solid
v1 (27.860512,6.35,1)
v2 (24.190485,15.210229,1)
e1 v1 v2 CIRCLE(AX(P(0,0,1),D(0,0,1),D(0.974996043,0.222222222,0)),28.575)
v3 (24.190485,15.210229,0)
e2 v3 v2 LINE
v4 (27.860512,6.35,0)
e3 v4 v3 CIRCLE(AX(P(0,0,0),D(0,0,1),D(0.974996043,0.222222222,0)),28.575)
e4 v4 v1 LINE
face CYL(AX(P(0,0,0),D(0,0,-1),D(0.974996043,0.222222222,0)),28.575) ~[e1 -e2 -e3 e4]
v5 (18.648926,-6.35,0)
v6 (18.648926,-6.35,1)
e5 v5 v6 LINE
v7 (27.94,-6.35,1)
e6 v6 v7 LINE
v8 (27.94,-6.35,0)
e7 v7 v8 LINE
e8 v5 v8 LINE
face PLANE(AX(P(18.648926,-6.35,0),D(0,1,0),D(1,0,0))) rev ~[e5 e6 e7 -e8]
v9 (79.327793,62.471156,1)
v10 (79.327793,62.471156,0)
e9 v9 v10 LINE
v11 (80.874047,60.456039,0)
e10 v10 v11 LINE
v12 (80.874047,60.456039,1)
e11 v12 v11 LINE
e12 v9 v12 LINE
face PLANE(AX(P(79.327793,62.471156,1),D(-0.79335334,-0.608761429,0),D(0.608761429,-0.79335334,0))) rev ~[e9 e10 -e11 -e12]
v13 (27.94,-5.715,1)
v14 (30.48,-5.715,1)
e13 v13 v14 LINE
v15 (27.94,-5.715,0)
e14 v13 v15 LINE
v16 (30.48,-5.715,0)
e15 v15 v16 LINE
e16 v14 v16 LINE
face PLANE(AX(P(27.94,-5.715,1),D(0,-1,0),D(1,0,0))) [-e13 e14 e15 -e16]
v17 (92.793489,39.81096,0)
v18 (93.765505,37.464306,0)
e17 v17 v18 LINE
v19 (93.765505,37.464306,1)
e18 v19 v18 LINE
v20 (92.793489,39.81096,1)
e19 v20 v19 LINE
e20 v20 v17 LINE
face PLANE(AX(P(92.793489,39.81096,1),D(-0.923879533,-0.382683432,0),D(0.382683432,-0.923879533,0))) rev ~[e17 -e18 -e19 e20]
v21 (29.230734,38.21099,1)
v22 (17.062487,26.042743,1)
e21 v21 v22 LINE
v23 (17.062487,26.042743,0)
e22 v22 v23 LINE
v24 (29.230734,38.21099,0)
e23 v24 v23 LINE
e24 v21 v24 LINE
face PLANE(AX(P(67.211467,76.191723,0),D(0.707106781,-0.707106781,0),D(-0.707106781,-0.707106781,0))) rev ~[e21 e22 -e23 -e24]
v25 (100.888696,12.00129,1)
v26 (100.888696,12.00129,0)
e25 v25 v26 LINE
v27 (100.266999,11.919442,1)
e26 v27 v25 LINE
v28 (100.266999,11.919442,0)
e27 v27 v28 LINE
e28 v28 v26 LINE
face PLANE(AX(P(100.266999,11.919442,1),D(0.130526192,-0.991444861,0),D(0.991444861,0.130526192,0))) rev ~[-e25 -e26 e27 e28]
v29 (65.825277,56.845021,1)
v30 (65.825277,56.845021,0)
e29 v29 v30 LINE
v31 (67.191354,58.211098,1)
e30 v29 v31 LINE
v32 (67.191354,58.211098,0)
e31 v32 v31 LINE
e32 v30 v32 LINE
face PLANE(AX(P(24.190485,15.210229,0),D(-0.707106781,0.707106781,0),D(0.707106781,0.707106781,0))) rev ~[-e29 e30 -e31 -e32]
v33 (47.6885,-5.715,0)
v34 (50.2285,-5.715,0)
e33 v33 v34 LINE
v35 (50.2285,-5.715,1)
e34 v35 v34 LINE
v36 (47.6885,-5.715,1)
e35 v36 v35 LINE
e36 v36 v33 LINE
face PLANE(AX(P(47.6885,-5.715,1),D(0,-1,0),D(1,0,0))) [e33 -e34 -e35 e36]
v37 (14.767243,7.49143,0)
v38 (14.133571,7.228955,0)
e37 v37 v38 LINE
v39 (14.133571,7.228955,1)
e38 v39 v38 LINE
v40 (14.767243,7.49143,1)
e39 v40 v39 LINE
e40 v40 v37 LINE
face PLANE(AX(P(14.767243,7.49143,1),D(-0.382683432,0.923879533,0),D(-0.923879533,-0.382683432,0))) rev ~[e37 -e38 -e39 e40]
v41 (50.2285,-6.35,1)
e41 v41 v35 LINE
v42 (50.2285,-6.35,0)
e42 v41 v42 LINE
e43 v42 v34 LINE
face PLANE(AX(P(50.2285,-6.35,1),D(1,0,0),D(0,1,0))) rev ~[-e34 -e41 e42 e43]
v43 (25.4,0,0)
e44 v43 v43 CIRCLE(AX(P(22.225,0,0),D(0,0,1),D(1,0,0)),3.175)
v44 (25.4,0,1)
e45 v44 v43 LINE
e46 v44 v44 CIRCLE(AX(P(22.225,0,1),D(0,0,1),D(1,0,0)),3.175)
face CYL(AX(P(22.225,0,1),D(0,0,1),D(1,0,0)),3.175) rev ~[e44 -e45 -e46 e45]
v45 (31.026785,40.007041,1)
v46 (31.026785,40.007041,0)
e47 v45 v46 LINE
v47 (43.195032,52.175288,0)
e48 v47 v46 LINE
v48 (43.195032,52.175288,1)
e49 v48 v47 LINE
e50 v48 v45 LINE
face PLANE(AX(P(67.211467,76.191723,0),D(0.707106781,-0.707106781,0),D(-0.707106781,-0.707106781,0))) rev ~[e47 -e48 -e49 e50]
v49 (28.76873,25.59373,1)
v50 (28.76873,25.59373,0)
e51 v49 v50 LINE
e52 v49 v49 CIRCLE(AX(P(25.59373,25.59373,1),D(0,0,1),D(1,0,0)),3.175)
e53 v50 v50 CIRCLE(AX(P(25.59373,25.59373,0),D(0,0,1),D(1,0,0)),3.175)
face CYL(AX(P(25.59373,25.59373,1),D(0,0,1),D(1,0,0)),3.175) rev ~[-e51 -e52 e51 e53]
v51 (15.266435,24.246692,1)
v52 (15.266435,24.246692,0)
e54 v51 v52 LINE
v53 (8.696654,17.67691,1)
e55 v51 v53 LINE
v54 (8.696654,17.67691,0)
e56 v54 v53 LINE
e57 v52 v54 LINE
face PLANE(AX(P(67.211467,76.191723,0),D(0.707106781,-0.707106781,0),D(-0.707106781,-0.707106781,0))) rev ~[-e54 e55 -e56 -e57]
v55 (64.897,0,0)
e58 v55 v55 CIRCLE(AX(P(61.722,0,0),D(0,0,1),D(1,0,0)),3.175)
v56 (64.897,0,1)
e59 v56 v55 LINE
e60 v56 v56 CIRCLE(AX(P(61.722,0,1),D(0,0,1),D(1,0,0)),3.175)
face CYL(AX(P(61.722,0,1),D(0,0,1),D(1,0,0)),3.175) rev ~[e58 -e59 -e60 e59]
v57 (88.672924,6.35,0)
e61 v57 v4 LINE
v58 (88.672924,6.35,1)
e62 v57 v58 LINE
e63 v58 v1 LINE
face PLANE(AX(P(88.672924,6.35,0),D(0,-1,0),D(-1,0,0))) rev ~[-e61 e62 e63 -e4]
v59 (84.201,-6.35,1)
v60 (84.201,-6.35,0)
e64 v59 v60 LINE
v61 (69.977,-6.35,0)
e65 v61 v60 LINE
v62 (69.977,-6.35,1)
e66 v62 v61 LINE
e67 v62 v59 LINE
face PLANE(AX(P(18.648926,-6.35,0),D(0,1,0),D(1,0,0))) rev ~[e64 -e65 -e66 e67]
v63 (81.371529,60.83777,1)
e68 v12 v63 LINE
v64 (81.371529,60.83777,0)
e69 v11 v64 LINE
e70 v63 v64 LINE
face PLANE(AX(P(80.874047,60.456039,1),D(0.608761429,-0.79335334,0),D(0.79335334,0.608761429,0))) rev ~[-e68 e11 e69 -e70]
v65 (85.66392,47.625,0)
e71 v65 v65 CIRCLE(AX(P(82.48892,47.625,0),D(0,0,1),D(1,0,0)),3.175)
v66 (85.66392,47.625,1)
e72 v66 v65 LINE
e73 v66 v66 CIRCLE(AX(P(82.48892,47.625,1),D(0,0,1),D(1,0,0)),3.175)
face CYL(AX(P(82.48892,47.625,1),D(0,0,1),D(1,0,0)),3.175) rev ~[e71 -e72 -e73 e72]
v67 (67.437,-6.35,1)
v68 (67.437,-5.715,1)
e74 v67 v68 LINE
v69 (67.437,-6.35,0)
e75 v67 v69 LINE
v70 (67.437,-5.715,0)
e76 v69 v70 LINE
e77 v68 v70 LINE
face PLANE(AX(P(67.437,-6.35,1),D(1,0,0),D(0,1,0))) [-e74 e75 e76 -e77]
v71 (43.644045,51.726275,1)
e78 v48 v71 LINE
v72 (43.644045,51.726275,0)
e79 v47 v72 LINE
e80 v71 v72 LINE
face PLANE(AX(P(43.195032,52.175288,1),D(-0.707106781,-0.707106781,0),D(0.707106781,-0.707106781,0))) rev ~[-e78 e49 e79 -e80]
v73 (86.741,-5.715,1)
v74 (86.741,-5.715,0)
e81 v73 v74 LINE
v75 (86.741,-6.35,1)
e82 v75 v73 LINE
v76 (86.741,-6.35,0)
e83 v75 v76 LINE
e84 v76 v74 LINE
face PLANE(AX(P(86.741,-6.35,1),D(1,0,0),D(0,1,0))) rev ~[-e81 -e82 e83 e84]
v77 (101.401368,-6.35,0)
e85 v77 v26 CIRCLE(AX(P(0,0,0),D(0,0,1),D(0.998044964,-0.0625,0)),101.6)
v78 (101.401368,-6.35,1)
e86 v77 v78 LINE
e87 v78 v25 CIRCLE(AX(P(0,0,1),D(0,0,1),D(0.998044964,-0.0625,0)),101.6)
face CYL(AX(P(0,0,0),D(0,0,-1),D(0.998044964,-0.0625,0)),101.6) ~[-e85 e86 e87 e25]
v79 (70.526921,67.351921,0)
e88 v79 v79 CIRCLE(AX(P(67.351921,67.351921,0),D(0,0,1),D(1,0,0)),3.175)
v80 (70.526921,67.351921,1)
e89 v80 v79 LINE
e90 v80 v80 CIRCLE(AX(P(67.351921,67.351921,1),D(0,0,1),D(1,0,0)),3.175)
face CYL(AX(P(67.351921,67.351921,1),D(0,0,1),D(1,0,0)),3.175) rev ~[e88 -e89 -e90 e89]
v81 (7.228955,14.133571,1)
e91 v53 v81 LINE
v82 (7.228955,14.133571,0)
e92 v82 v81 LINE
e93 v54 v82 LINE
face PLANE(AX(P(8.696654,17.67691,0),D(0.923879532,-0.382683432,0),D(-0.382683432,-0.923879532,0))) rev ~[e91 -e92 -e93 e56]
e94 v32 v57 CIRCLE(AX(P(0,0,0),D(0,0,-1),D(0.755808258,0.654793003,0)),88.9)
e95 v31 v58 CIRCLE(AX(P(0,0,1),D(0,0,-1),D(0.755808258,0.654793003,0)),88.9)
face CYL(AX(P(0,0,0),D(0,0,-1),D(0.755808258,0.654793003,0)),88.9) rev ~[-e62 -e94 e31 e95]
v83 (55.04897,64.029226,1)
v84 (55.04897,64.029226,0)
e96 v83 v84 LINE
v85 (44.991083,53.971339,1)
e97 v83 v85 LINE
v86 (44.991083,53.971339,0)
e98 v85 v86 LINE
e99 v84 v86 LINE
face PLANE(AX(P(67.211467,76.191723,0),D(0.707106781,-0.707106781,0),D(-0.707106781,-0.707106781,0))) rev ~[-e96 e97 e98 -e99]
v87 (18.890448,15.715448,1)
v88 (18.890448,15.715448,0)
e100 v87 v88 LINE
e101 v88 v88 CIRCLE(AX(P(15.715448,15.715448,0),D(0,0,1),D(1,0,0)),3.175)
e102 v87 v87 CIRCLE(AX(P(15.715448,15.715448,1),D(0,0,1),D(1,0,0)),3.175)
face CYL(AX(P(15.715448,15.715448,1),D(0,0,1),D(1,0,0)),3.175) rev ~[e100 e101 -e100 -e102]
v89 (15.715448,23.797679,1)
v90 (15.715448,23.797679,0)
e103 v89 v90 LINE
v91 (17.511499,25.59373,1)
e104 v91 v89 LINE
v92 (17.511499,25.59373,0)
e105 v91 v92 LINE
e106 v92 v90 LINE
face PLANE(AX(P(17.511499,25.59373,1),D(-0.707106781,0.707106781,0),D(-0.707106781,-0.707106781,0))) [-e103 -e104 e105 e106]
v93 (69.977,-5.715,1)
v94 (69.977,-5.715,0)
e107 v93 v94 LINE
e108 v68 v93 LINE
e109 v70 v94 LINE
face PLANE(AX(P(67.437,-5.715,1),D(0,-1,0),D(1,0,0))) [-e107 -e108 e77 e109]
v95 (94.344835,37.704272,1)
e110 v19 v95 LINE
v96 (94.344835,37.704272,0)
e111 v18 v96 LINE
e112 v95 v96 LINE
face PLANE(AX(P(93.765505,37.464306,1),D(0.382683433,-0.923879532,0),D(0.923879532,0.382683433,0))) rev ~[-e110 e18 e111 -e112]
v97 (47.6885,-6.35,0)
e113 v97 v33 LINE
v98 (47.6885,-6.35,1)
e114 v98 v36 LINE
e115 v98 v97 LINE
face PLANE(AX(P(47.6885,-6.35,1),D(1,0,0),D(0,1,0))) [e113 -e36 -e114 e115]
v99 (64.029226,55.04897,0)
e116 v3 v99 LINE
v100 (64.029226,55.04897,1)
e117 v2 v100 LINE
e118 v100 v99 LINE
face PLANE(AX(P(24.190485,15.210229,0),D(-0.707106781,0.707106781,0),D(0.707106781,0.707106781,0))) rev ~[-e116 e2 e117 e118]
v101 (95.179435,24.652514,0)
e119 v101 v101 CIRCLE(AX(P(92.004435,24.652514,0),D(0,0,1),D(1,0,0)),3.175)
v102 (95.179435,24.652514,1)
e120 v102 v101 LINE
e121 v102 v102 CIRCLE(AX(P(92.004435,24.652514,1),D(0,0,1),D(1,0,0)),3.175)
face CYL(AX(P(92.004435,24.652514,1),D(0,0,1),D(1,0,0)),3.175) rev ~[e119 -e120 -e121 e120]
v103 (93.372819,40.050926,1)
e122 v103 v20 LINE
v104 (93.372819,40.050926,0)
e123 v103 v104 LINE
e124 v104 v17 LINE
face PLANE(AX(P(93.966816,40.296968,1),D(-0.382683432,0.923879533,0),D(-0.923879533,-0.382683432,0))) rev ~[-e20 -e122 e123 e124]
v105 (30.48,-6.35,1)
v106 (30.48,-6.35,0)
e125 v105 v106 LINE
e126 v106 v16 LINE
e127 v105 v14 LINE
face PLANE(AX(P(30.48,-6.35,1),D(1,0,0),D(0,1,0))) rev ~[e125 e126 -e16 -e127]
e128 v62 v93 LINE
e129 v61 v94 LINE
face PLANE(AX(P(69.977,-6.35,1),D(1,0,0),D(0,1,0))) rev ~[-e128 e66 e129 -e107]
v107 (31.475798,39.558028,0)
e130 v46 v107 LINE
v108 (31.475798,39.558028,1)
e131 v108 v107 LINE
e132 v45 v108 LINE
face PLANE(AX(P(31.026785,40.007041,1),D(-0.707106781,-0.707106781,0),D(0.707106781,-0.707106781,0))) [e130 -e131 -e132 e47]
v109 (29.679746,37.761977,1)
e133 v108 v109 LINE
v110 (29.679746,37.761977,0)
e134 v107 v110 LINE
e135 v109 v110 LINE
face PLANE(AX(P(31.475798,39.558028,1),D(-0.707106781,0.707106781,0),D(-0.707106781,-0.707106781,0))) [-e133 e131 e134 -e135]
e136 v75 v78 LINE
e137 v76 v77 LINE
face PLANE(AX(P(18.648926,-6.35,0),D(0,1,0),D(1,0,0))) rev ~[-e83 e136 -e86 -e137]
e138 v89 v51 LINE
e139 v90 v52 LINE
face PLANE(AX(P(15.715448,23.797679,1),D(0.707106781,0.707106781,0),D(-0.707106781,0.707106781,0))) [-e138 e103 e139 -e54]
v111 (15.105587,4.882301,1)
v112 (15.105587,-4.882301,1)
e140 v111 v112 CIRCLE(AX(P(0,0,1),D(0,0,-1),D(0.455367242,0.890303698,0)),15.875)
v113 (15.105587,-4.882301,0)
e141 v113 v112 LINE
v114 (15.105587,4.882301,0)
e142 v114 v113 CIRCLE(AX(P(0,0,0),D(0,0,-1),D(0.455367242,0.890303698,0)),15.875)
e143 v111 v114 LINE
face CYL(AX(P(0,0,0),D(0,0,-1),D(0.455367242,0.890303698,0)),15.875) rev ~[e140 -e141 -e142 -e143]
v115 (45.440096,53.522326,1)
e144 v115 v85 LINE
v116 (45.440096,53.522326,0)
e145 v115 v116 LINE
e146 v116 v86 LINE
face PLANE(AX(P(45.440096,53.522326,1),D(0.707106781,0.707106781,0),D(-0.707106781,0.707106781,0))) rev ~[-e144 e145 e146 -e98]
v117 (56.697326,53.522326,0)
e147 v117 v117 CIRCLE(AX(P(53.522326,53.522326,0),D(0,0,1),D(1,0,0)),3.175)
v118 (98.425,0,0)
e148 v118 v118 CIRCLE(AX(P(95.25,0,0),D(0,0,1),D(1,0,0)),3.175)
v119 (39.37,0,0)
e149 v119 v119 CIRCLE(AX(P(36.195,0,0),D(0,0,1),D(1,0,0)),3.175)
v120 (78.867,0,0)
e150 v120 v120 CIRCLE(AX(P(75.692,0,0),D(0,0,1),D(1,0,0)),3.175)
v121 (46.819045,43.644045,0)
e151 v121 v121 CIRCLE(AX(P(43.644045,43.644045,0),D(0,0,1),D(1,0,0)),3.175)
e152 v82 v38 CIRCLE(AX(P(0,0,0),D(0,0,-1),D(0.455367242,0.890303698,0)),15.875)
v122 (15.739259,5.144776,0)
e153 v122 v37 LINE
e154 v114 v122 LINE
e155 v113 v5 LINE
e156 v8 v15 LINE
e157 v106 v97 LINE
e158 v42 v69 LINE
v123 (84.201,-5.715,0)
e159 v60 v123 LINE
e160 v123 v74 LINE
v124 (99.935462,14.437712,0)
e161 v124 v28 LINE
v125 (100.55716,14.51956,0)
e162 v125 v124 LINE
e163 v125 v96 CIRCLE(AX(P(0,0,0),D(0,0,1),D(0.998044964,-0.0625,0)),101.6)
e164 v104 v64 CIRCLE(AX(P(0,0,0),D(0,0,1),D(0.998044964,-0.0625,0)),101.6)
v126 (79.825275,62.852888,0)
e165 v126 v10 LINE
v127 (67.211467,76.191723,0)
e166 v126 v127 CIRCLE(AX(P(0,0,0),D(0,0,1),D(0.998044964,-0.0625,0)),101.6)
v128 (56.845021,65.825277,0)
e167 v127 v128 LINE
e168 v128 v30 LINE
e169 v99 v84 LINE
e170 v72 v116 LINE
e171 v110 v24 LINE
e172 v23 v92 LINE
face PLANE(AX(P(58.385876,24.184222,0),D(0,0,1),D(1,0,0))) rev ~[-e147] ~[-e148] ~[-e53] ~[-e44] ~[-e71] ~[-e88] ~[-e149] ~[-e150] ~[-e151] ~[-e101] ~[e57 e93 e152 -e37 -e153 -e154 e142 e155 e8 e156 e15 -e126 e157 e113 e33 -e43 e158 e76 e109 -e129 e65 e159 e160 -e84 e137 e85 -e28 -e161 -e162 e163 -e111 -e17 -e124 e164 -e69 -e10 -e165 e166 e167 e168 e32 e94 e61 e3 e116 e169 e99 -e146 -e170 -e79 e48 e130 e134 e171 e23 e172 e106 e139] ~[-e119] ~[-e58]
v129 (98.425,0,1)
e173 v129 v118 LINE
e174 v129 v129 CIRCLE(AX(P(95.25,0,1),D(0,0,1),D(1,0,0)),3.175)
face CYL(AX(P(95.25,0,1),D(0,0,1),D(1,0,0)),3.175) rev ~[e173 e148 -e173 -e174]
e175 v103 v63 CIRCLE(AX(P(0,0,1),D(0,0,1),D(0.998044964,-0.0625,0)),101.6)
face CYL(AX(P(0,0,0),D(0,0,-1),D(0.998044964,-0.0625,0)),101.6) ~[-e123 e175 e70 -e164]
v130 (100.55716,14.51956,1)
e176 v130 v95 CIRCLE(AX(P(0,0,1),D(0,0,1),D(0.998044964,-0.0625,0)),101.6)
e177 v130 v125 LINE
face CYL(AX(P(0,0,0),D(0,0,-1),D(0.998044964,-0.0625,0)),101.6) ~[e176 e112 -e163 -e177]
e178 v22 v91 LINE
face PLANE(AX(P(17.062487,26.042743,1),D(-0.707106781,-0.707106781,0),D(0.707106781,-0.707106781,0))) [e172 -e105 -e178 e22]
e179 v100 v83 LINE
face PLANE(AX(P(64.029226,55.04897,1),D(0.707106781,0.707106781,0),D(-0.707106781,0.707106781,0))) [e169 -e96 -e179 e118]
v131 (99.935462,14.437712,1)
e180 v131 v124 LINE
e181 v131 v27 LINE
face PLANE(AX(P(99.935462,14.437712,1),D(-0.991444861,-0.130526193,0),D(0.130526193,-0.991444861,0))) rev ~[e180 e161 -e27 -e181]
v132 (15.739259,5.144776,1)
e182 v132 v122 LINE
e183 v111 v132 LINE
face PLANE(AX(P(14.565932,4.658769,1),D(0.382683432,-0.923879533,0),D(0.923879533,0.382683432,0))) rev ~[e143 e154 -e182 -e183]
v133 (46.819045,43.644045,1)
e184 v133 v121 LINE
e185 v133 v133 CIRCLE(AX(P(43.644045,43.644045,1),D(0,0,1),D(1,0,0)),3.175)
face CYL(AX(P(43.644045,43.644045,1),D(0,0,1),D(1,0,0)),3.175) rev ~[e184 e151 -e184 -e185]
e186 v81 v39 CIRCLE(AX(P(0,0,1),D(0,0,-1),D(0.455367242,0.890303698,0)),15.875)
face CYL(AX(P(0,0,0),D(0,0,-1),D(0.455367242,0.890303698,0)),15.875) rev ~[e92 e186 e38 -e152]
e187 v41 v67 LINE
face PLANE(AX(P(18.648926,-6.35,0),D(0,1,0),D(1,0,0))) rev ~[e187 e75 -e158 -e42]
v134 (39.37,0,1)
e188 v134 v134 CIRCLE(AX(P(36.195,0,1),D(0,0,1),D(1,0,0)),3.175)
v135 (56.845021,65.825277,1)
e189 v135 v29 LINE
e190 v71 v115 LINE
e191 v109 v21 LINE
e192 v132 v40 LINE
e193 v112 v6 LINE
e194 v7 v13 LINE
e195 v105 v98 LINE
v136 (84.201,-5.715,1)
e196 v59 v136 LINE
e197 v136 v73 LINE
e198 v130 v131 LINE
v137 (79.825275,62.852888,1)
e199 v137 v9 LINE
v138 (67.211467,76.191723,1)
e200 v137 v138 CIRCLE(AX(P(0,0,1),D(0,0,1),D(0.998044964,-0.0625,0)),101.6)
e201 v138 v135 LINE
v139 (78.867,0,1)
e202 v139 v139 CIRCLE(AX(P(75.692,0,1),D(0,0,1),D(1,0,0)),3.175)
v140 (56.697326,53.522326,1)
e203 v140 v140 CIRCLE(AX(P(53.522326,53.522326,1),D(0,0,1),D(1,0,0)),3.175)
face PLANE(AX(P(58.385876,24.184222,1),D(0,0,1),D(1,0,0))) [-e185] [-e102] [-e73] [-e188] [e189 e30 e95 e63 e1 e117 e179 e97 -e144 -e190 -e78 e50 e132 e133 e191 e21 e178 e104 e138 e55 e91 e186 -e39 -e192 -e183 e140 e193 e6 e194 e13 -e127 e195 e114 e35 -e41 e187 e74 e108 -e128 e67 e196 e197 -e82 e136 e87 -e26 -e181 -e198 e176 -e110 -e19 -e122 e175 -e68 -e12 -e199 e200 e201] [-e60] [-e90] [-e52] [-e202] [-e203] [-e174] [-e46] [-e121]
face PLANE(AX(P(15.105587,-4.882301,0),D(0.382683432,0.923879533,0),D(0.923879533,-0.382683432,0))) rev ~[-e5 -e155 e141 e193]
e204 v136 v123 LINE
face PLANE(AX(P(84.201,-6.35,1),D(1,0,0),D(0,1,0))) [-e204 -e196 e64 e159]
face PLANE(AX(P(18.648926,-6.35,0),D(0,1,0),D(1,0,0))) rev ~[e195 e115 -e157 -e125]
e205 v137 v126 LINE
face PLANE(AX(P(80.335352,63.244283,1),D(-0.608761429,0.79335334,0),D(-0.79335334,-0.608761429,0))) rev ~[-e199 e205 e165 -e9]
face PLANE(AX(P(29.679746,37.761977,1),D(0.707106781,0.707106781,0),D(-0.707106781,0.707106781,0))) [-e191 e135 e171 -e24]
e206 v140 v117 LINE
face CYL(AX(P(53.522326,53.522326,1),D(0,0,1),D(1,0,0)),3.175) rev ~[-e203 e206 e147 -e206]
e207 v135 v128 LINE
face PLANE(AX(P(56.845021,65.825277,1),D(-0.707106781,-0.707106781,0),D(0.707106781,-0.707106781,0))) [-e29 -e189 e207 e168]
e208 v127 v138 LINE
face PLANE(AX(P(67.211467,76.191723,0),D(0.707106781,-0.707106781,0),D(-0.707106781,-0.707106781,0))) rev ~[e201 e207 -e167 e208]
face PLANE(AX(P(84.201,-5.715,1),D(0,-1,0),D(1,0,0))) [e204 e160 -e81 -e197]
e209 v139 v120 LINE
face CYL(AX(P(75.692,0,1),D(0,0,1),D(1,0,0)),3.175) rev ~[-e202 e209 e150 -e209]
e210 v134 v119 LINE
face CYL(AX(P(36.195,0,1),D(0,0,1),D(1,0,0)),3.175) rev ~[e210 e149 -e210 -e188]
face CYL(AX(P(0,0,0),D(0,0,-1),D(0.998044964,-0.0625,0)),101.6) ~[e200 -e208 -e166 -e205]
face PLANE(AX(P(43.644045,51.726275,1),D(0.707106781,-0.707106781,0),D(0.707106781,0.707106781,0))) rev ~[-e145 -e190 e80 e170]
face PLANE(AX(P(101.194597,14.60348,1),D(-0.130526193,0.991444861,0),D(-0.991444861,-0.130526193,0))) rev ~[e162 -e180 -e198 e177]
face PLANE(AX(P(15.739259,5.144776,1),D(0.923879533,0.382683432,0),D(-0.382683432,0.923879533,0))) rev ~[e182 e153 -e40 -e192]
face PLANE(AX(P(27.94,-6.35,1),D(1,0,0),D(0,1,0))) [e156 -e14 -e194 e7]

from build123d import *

# Parameters (mm, degrees)
BOSS_EXTRUDE1_DEPTH = 1
SKETCH2_R           = 3.175
CUT_EXTRUDE1_DEPTH  = 2
SKETCH3_W           = 2.54
SKETCH3_H           = 0.635
CUT_EXTRUDE2_DEPTH  = 2


with BuildPart() as part:
    # Sketch1 → Boss-Extrude1 (new body)
    with BuildSketch(Plane.XY):
        with BuildLine():
            Line((67.21146711, 76.191723231), (8.696654013, 17.676910134))
            Line((8.696654013, 17.676910134), (7.228954972, 14.133571205))
            ThreePointArc((7.228954972, 14.133571205), (14.666587579, 6.075099489), (15.105587123, -4.88230096))
            Line((15.105587123, -4.88230096), (18.648926052, -6.35))
            Line((18.648926052, -6.35), (101.401368334, -6.35))
            ThreePointArc((101.401368334, -6.35), (93.866160503, 38.880636728), (67.21146711, 76.191723231))
        make_face()
        with BuildLine():
            Line((88.672924278, 6.35), (27.86051193, 6.35))
            ThreePointArc((27.86051193, 6.35), (26.399857642, 10.93517908), (24.190484974, 15.210228852))
            Line((24.190484974, 15.210228852), (67.191354125, 58.211098004))
            ThreePointArc((67.191354125, 58.211098004), (82.13289044, 34.020557137), (88.672924278, 6.35))
        make_face(mode=Mode.SUBTRACT)
    extrude(amount=BOSS_EXTRUDE1_DEPTH)

    # Sketch2 → Cut-Extrude1 (cut, through all)
    with BuildSketch(Plane.XY.offset(1)):
        with Locations((22.225, 0)):
            Circle(SKETCH2_R)
        with Locations((36.195, 0)):
            Circle(SKETCH2_R)
        with Locations((61.722, 0)):
            Circle(SKETCH2_R)
        with Locations((75.692, 0)):
            Circle(SKETCH2_R)
        with Locations((95.25, 0)):
            Circle(SKETCH2_R)
        with Locations((15.715448212, 15.715448212)):
            Circle(SKETCH2_R)
        with Locations((25.593729945, 25.593729945)):
            Circle(SKETCH2_R)
        with Locations((43.644044748, 43.644044748)):
            Circle(SKETCH2_R)
        with Locations((53.522326482, 53.522326482)):
            Circle(SKETCH2_R)
        with Locations((92.004434954, 24.652514046)):
            Circle(SKETCH2_R)
        with Locations((82.48891971, 47.625)):
            Circle(SKETCH2_R)
        with Locations((67.351920908, 67.351920908)):
            Circle(SKETCH2_R)
    extrude(amount=-CUT_EXTRUDE1_DEPTH, mode=Mode.SUBTRACT)

    # Sketch3 → Cut-Extrude2 (cut, through all)
    with BuildSketch(Plane.XY.offset(1)):
        Polygon((15.266435406, 24.246691527), (17.06248663, 26.042742751), (17.511499436, 25.593729945), (15.715448212, 23.797678721), align=None)
        Polygon((44.991083167, 53.971339288), (43.195031942, 52.175288063), (43.644044748, 51.726275257), (45.440095973, 53.522326482), align=None)
        with Locations((29.21, -6.0325)):
            Rectangle(SKETCH3_W, SKETCH3_H)
        with Locations((68.707, -6.0325)):
            Rectangle(SKETCH3_W, SKETCH3_H)
        Polygon((29.230733674, 38.210989795), (31.026784898, 40.007041019), (31.475797704, 39.558028213), (29.67974648, 37.761976989), align=None)
        Polygon((55.048970022, 64.029226143), (56.845021246, 65.825277367), (65.825277367, 56.845021246), (64.029226143, 55.048970022), align=None)
        with Locations((48.9585, -6.0325)):
            Rectangle(SKETCH3_W, SKETCH3_H)
        with Locations((85.471, -6.0325)):
            Rectangle(SKETCH3_W, SKETCH3_H)
        Polygon((99.935462164, 14.437711971), (100.266998693, 11.919442024), (101.526133667, 12.085210288), (101.194597138, 14.603480236), align=None)
        Polygon((93.765504959, 37.464305742), (94.938831965, 37.950313702), (93.966816047, 40.296967714), (92.793489041, 39.810959755), align=None)
        Polygon((79.327792988, 62.471156422), (80.874047017, 60.456038938), (81.88160576, 61.229165953), (80.33535173, 63.244283437), align=None)
        Polygon((13.593916116, 7.005422516), (14.565932035, 4.658768503), (15.739259041, 5.144776462), (14.767243123, 7.491430475), align=None)
    extrude(amount=-CUT_EXTRUDE2_DEPTH, mode=Mode.SUBTRACT)


solid = part.part
